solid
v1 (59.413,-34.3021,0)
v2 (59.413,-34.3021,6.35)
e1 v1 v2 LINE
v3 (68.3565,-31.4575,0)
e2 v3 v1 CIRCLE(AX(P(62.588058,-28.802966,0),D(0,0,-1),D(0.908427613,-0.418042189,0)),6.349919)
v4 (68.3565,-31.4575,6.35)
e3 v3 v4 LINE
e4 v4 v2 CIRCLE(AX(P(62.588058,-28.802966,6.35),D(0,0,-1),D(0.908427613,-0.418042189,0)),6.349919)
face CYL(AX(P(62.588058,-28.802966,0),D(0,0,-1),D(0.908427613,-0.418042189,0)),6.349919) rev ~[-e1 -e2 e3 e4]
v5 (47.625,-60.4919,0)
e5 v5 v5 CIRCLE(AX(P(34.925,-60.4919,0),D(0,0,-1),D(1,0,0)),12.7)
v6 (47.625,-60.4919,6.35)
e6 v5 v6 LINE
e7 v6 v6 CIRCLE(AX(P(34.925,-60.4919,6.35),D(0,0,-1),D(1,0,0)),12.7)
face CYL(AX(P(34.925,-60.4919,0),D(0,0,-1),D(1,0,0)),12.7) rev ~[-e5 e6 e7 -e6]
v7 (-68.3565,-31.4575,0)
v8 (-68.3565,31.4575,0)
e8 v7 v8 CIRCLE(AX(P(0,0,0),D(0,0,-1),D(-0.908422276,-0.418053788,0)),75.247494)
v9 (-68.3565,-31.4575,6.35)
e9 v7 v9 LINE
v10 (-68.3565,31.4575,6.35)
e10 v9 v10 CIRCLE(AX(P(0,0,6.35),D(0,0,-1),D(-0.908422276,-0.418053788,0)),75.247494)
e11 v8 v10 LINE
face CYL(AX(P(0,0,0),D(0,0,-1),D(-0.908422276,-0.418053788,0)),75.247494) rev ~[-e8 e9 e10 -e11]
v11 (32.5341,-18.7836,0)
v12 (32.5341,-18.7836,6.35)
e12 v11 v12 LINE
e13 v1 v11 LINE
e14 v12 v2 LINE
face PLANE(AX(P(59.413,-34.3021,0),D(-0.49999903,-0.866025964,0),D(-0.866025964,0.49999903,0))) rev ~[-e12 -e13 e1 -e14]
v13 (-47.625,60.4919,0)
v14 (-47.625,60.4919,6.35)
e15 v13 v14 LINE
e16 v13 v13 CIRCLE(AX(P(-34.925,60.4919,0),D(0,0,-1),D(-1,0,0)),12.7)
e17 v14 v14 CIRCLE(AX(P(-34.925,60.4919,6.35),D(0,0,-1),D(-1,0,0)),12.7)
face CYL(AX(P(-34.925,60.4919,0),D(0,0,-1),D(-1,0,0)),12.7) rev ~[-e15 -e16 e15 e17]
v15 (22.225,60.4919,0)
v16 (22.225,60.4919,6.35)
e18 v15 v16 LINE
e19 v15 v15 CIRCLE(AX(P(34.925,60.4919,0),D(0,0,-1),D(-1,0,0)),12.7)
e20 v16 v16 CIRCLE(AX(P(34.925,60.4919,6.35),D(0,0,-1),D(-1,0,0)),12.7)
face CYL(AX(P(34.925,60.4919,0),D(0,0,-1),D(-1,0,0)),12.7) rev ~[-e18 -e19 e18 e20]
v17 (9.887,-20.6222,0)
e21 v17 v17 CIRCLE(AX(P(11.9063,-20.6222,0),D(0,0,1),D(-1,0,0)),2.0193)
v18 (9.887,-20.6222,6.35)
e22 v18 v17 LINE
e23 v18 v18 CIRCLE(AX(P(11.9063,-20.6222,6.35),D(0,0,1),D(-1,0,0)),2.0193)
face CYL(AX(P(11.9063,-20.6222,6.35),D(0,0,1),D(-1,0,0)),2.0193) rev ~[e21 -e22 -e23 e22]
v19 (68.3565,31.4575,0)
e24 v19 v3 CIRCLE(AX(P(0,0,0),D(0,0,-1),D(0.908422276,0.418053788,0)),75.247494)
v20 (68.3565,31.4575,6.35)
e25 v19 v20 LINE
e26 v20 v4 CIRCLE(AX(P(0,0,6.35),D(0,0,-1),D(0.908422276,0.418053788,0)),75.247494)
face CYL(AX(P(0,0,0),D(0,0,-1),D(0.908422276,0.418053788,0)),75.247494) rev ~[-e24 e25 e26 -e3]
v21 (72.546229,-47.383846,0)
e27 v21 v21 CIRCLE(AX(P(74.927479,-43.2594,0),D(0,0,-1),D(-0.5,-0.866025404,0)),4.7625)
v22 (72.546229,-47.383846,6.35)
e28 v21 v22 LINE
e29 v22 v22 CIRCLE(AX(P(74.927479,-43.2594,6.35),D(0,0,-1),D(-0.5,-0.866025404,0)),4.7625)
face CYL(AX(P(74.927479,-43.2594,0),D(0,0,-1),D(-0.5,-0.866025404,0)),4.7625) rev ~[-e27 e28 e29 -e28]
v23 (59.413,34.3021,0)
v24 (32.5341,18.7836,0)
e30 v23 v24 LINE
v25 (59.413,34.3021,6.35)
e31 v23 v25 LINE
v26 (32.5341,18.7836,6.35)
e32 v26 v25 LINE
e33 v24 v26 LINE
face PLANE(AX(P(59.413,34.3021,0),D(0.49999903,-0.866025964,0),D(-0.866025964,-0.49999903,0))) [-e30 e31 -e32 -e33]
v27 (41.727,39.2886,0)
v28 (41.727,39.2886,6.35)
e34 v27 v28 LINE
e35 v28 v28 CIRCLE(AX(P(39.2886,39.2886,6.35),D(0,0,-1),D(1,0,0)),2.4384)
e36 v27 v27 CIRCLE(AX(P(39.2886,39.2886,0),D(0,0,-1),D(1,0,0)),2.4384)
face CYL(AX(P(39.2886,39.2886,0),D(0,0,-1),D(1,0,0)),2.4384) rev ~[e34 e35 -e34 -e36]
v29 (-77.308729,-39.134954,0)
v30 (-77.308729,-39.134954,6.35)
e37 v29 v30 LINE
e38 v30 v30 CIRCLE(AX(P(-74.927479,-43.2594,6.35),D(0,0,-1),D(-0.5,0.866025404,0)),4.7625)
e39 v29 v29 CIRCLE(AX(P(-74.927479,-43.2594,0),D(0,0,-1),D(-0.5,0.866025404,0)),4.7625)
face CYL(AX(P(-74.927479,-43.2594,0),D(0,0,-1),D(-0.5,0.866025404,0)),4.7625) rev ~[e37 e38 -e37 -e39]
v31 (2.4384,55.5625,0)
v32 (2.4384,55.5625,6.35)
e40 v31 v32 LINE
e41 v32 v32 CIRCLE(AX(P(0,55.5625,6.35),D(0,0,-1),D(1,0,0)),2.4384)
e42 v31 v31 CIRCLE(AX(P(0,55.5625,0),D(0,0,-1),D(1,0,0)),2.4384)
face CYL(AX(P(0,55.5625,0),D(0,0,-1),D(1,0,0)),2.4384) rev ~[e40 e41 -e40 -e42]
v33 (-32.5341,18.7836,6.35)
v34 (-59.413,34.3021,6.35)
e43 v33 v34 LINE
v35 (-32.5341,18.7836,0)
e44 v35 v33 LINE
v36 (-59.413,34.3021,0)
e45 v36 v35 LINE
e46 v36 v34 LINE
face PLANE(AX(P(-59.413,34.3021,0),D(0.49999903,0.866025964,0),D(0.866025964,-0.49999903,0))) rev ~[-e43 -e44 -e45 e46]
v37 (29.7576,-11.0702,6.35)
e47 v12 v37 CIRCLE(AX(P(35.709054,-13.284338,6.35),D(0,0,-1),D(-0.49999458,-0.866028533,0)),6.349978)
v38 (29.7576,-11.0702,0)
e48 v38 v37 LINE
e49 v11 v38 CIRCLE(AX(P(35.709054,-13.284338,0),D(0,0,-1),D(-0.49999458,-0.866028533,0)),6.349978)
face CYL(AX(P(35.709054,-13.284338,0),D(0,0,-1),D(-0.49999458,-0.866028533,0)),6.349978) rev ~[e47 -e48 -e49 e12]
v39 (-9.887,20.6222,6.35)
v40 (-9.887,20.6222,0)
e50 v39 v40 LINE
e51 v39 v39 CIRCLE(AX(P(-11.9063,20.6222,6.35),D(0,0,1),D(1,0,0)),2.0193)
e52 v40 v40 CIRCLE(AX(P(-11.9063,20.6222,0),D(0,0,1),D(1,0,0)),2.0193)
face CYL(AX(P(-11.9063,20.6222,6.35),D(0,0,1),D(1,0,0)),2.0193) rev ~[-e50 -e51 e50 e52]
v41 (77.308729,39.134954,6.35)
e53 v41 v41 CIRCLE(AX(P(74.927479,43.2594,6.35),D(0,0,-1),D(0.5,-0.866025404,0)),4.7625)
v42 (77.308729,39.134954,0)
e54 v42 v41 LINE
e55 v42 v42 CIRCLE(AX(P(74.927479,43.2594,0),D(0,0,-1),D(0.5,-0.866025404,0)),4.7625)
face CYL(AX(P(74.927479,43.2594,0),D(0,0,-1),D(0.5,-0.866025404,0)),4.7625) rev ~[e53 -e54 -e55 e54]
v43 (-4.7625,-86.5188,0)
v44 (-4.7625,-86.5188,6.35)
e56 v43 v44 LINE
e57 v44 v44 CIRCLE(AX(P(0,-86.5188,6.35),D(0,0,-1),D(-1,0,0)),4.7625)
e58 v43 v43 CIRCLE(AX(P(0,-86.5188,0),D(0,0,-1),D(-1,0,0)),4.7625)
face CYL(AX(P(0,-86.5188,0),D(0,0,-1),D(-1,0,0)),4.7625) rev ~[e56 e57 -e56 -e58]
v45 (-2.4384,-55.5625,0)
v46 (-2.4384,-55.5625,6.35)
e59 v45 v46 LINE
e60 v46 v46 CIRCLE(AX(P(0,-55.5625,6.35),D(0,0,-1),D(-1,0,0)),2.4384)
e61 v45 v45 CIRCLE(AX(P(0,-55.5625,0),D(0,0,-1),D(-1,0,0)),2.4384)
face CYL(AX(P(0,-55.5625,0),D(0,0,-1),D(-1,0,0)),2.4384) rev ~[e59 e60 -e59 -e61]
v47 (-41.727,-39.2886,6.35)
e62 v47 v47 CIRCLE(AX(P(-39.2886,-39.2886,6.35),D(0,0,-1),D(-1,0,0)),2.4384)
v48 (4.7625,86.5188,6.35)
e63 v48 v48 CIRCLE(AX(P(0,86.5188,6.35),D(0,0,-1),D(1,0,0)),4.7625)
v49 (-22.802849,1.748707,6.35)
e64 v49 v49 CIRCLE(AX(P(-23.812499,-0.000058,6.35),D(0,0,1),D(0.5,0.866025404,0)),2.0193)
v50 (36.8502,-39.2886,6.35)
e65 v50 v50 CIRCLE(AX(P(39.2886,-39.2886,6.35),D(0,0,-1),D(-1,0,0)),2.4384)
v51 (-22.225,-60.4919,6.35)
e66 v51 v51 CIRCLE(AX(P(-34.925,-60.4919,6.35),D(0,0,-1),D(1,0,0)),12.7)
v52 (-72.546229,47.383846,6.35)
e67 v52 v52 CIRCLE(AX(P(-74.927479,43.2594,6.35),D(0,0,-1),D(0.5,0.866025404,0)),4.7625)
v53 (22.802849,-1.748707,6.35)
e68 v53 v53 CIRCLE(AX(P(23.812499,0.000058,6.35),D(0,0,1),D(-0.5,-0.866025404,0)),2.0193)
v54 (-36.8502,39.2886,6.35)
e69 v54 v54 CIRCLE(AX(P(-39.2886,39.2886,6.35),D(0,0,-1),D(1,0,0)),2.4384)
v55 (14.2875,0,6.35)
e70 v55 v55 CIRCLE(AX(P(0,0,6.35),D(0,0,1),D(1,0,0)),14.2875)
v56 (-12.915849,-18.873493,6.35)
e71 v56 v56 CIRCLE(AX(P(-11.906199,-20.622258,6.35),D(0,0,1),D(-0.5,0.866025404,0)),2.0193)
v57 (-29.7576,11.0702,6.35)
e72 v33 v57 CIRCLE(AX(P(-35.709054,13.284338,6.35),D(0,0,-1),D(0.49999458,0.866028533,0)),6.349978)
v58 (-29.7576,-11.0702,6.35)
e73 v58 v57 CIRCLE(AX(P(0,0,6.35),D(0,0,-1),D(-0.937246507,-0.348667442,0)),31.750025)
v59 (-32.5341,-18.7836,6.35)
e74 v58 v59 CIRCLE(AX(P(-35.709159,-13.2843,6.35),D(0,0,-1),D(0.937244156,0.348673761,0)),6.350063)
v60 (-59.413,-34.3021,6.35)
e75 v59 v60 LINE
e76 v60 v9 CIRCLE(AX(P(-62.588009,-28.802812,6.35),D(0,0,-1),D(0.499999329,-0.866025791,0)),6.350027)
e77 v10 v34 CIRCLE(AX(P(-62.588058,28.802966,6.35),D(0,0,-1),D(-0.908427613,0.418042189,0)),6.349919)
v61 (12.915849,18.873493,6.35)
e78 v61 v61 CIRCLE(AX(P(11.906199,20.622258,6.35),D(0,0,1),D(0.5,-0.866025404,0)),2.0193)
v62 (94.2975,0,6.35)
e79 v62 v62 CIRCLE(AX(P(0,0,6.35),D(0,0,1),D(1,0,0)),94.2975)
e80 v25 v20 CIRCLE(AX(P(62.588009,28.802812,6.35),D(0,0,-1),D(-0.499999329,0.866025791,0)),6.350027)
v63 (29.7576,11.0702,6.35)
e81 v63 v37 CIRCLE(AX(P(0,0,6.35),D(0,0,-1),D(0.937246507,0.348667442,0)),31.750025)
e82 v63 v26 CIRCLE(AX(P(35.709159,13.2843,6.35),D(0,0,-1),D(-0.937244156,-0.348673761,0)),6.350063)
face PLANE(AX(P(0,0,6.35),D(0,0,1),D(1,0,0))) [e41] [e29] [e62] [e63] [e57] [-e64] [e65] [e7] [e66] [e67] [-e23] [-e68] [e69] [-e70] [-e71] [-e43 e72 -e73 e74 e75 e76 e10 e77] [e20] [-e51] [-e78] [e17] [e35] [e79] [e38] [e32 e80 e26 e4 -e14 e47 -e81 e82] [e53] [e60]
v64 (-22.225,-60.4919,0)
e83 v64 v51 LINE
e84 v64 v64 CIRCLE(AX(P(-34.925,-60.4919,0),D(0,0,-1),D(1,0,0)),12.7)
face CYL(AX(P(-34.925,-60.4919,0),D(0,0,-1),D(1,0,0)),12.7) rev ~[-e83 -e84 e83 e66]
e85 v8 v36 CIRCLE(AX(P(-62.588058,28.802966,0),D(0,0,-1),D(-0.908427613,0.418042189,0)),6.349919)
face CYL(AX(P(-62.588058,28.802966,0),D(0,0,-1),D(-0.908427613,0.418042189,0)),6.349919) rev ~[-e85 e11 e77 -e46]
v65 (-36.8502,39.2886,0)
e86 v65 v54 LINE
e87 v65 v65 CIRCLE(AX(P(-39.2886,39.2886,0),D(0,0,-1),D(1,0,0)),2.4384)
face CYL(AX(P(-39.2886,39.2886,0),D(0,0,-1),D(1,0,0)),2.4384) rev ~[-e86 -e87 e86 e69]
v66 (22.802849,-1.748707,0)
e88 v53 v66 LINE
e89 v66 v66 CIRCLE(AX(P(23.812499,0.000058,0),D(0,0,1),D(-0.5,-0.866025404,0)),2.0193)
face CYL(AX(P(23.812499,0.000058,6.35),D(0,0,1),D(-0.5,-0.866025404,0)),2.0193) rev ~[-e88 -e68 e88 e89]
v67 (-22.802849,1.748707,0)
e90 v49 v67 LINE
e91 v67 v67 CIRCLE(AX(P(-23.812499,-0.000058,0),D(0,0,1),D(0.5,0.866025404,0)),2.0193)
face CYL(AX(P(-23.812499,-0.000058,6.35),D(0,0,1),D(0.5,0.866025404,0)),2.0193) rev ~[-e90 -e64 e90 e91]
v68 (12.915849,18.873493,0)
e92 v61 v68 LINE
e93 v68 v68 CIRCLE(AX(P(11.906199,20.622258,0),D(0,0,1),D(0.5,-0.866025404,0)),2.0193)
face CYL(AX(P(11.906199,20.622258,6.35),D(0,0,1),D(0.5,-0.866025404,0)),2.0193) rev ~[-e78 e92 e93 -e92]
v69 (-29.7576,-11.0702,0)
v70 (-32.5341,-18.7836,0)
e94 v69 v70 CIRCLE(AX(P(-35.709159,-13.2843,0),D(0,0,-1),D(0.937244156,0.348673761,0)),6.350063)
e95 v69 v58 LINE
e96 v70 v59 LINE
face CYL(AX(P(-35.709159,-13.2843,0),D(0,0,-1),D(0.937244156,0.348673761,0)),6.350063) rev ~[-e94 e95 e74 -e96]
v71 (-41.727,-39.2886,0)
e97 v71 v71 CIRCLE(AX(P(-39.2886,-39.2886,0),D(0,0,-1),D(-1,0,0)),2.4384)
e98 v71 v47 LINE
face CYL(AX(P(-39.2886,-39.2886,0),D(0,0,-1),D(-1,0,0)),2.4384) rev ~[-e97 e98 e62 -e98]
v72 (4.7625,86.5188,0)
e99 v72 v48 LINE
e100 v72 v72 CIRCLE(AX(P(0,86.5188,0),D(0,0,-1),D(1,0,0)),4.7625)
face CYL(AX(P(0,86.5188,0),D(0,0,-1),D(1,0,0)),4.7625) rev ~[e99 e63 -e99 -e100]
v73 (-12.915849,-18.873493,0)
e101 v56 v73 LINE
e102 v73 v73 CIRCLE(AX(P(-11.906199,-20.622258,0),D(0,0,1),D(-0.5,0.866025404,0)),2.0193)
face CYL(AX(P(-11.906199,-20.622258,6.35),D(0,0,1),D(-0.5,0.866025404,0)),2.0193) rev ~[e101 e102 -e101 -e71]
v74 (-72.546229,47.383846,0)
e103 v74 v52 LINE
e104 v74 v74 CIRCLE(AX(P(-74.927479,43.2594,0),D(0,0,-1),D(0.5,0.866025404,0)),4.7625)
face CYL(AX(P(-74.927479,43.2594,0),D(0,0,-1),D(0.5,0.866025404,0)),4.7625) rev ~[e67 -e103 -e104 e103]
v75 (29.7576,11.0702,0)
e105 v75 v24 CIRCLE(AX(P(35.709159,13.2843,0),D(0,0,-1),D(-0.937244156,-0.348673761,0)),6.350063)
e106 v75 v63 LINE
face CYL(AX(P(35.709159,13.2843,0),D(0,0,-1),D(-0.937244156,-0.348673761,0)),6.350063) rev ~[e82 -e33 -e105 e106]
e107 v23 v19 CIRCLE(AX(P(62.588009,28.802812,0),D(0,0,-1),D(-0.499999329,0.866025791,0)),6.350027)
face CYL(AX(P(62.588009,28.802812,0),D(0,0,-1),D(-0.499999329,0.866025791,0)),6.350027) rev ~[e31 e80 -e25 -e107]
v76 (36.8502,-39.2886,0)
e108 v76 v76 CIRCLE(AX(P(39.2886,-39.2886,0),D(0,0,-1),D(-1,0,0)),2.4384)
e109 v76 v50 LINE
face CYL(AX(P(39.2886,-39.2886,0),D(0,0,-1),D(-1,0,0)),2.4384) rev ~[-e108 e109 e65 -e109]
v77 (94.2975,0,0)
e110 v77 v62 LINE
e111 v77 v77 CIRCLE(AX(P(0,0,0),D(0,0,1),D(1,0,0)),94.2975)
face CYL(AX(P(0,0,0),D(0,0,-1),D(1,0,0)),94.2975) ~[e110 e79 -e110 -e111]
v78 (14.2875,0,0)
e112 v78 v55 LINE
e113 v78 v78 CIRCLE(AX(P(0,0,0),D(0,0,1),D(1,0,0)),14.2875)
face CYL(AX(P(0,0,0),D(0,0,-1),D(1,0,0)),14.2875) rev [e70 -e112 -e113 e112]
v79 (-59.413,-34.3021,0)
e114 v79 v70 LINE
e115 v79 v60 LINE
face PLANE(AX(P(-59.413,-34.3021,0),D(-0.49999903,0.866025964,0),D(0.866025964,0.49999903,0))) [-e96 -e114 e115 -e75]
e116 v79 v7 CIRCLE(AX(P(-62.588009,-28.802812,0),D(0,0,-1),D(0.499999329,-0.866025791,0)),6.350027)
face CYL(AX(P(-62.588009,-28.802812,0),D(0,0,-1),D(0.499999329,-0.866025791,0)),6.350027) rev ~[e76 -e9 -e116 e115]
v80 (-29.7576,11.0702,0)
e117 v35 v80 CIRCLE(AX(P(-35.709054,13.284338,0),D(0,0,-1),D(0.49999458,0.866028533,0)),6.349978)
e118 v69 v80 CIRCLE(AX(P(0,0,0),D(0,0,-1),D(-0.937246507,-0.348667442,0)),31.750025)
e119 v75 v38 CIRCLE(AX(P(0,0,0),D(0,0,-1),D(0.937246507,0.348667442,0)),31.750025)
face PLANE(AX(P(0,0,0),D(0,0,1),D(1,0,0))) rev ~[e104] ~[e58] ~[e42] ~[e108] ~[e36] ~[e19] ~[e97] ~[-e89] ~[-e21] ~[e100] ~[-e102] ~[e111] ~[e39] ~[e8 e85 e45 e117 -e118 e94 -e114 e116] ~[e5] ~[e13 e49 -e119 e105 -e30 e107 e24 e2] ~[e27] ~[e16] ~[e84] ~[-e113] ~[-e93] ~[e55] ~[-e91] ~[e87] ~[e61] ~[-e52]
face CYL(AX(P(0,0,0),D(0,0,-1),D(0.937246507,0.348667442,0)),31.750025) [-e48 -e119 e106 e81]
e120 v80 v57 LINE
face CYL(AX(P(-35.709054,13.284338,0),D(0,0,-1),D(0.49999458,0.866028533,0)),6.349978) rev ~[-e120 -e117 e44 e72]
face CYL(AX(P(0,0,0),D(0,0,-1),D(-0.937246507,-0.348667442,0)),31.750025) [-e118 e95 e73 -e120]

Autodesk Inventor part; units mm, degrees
ref_plane "YZ Plane" through (0, 0, 0) normal (1, 0, 0) x (0, 1, 0)
ref_plane "XZ Plane" through (0, 0, 0) normal (0, 1, 0) x (-1, 0, 0)
ref_plane "XY Plane" through (0, 0, 0) normal (0, 0, 1) x (1, 0, 0)
sketch "Sketch1" plane through (0, 0, 0) normal (0, 0, 1) x (1, 0, 0)
  circle A0 centre (0, 0) radius 94.2975
  circle A1 centre (0, 0) radius 14.2875
  dimension "d0" = 188.595
  dimension "d1" = 28.575
extrude "Extrusion1" add sketch "Sketch1" along normal blind 6.35
sketch "Sketch2" plane through (0, 0, 6.35) normal (0, 0, 1) x (1, 0, 0)
  circle A0 centre (0, 0) radius 94.2975 projected
  circle A1 centre (0, 0) radius 23.8125 construction
  line L0 (0, 0) -> (-11.9063, 20.6222) construction
  line L1 (0, 0) -> (0, 23.8125) construction
  circle A2 centre (-11.9063, 20.6222) radius 2.0193
  dimension "d4" = 47.625
  dimension "d5" = 30
  dimension "d6" = 4.0386
extrude "Extrusion2" cut sketch "Sketch2" against normal through all contours A2
pattern_circular "Circular Pattern1" count 6 over 360 about axis through (0, 0, -10) along (0, 0, 1) of "Extrusion2"
sketch "Sketch6" plane through (0, 0, 0) normal (0, 0, -1) x (-1, 0, 0)
  circle A0 centre (0, 0) radius 94.2975 projected
  circle A1 centre (0, 0) radius 55.5625 construction
  line L0 (0, 0) -> (0, -55.5625) construction
  circle A2 centre (0, -55.5625) radius 2.4384
  circle A3 centre (0, 0) radius 14.2875 projected
  line L1 (0, 0) -> (-39.2886, -39.2886) construction
  line L2 (0, 0) -> (39.2886, -39.2886) construction
  circle A4 centre (-39.2886, -39.2886) radius 2.4384
  circle A5 centre (39.2886, -39.2886) radius 2.4384
  dimension "d32" = 111.125
  dimension "d37" = 45
  dimension "d38" = 4.8768
extrude "Extrusion5" cut sketch "Sketch6" against normal up to next contours A2 | A4 | A5
pattern_circular "Circular Pattern4" count 2 over 360 about axis through (0, 0, -10) along (0, 0, 1) of "Extrusion5"
sketch "Sketch7" plane through (0, 0, 0) normal (0, 0, -1) x (-1, 0, 0)
  circle A0 centre (0, 0) radius 94.2975 projected
  circle A1 centre (0, 0) radius 86.5188 construction
  circle A2 centre (0, -86.5188) radius 4.7625
  line L0 (0, -86.5188) -> (0, 0) construction
  dimension "d42" = 173.0375
  dimension "d43" = 9.525
extrude "Extrusion6" cut sketch "Sketch7" against normal through all contours A2
pattern_circular "Circular Pattern5" count 6 over 360 about axis through (0, 0, -10) along (0, 0, 1) of "Extrusion6"
sketch "Sketch8" plane through (0, 0, 0) normal (0, 0, -1) x (-1, 0, 0)
  circle A0 centre (0, 0) radius 94.2975 projected
  arc A1 (-29.7576, 11.0702) -> (-29.7576, -11.0702) centre (0, 0) ccw
  arc A2 (-68.3565, 31.4575) -> (-68.3565, -31.4575) centre (0, 0) ccw
  line L0 (-59.413, 34.3021) -> (-32.5341, 18.7836)
  line L1 (-59.413, -34.3021) -> (-32.5341, -18.7836)
  line L2 (-27.4963, -15.875) -> (0, 0) construction
  line L3 (0, 0) -> (-27.4963, 15.875) construction
  line L4 (0, 0) -> (-75.2475, 0) construction
  line L5 (-65.1662, 37.6237) -> (-75.2475, 0) construction
  line L6 (-75.2475, 0) -> (-65.1662, -37.6237) construction
  arc A3 (-59.413, 34.3021) -> (-68.3565, 31.4575) centre (-62.588, 28.8029) ccw
  arc A4 (-29.7576, 11.0702) -> (-32.5341, 18.7836) centre (-35.7091, 13.2843) ccw
  arc A5 (-32.5341, -18.7836) -> (-29.7576, -11.0702) centre (-35.7091, -13.2843) ccw
  arc A6 (-68.3565, -31.4575) -> (-59.413, -34.3021) centre (-62.588, -28.8029) ccw
  dimension "d49" = 19.05
  dimension "d50" = 31.75
  dimension "d51" = 60
  dimension "d54" = 6.35
extrude "Extrusion7" cut sketch "Sketch8" against normal through all contours A1 A5 L1 A6 A2 A3 L0 A4
pattern_circular "Circular Pattern6" count 2 over 360 about axis through (0, 0, -10) along (0, 0, 1) of "Extrusion7"
sketch "Sketch9" plane through (0, 0, 0) normal (0, 0, -1) x (-1, 0, 0)
  arc A0 (29.7576, -11.0702) -> (29.7576, 11.0702) centre (0, 0) ccw projected
  circle A1 centre (0, 0) radius 94.2975 projected
  circle A2 centre (0, 0) radius 69.85 construction
  line L0 (0, 0) -> (-34.925, 60.4919) construction
  line L1 (0, 0) -> (0, 69.85) construction
  circle A3 centre (-34.925, 60.4919) radius 12.7
  circle A4 centre (0, 0) radius 14.2875 projected
  line L2 (0, 0) -> (34.925, 60.4919) construction
  circle A5 centre (34.925, 60.4919) radius 12.7
  dimension "d59" = 25.4
  dimension "d60" = 30
  dimension "d66" = 30
  dimension "d67" = 139.7
extrude "Extrusion8" cut sketch "Sketch9" against normal through all contours A3 | A5
pattern_circular "Circular Pattern7" count 2 over 360 about axis through (0, 0, -10) along (0, 0, 1) of "Extrusion8"
properties part number "FlyWheel_Base_Jan21" material "Aluminum-6061"
